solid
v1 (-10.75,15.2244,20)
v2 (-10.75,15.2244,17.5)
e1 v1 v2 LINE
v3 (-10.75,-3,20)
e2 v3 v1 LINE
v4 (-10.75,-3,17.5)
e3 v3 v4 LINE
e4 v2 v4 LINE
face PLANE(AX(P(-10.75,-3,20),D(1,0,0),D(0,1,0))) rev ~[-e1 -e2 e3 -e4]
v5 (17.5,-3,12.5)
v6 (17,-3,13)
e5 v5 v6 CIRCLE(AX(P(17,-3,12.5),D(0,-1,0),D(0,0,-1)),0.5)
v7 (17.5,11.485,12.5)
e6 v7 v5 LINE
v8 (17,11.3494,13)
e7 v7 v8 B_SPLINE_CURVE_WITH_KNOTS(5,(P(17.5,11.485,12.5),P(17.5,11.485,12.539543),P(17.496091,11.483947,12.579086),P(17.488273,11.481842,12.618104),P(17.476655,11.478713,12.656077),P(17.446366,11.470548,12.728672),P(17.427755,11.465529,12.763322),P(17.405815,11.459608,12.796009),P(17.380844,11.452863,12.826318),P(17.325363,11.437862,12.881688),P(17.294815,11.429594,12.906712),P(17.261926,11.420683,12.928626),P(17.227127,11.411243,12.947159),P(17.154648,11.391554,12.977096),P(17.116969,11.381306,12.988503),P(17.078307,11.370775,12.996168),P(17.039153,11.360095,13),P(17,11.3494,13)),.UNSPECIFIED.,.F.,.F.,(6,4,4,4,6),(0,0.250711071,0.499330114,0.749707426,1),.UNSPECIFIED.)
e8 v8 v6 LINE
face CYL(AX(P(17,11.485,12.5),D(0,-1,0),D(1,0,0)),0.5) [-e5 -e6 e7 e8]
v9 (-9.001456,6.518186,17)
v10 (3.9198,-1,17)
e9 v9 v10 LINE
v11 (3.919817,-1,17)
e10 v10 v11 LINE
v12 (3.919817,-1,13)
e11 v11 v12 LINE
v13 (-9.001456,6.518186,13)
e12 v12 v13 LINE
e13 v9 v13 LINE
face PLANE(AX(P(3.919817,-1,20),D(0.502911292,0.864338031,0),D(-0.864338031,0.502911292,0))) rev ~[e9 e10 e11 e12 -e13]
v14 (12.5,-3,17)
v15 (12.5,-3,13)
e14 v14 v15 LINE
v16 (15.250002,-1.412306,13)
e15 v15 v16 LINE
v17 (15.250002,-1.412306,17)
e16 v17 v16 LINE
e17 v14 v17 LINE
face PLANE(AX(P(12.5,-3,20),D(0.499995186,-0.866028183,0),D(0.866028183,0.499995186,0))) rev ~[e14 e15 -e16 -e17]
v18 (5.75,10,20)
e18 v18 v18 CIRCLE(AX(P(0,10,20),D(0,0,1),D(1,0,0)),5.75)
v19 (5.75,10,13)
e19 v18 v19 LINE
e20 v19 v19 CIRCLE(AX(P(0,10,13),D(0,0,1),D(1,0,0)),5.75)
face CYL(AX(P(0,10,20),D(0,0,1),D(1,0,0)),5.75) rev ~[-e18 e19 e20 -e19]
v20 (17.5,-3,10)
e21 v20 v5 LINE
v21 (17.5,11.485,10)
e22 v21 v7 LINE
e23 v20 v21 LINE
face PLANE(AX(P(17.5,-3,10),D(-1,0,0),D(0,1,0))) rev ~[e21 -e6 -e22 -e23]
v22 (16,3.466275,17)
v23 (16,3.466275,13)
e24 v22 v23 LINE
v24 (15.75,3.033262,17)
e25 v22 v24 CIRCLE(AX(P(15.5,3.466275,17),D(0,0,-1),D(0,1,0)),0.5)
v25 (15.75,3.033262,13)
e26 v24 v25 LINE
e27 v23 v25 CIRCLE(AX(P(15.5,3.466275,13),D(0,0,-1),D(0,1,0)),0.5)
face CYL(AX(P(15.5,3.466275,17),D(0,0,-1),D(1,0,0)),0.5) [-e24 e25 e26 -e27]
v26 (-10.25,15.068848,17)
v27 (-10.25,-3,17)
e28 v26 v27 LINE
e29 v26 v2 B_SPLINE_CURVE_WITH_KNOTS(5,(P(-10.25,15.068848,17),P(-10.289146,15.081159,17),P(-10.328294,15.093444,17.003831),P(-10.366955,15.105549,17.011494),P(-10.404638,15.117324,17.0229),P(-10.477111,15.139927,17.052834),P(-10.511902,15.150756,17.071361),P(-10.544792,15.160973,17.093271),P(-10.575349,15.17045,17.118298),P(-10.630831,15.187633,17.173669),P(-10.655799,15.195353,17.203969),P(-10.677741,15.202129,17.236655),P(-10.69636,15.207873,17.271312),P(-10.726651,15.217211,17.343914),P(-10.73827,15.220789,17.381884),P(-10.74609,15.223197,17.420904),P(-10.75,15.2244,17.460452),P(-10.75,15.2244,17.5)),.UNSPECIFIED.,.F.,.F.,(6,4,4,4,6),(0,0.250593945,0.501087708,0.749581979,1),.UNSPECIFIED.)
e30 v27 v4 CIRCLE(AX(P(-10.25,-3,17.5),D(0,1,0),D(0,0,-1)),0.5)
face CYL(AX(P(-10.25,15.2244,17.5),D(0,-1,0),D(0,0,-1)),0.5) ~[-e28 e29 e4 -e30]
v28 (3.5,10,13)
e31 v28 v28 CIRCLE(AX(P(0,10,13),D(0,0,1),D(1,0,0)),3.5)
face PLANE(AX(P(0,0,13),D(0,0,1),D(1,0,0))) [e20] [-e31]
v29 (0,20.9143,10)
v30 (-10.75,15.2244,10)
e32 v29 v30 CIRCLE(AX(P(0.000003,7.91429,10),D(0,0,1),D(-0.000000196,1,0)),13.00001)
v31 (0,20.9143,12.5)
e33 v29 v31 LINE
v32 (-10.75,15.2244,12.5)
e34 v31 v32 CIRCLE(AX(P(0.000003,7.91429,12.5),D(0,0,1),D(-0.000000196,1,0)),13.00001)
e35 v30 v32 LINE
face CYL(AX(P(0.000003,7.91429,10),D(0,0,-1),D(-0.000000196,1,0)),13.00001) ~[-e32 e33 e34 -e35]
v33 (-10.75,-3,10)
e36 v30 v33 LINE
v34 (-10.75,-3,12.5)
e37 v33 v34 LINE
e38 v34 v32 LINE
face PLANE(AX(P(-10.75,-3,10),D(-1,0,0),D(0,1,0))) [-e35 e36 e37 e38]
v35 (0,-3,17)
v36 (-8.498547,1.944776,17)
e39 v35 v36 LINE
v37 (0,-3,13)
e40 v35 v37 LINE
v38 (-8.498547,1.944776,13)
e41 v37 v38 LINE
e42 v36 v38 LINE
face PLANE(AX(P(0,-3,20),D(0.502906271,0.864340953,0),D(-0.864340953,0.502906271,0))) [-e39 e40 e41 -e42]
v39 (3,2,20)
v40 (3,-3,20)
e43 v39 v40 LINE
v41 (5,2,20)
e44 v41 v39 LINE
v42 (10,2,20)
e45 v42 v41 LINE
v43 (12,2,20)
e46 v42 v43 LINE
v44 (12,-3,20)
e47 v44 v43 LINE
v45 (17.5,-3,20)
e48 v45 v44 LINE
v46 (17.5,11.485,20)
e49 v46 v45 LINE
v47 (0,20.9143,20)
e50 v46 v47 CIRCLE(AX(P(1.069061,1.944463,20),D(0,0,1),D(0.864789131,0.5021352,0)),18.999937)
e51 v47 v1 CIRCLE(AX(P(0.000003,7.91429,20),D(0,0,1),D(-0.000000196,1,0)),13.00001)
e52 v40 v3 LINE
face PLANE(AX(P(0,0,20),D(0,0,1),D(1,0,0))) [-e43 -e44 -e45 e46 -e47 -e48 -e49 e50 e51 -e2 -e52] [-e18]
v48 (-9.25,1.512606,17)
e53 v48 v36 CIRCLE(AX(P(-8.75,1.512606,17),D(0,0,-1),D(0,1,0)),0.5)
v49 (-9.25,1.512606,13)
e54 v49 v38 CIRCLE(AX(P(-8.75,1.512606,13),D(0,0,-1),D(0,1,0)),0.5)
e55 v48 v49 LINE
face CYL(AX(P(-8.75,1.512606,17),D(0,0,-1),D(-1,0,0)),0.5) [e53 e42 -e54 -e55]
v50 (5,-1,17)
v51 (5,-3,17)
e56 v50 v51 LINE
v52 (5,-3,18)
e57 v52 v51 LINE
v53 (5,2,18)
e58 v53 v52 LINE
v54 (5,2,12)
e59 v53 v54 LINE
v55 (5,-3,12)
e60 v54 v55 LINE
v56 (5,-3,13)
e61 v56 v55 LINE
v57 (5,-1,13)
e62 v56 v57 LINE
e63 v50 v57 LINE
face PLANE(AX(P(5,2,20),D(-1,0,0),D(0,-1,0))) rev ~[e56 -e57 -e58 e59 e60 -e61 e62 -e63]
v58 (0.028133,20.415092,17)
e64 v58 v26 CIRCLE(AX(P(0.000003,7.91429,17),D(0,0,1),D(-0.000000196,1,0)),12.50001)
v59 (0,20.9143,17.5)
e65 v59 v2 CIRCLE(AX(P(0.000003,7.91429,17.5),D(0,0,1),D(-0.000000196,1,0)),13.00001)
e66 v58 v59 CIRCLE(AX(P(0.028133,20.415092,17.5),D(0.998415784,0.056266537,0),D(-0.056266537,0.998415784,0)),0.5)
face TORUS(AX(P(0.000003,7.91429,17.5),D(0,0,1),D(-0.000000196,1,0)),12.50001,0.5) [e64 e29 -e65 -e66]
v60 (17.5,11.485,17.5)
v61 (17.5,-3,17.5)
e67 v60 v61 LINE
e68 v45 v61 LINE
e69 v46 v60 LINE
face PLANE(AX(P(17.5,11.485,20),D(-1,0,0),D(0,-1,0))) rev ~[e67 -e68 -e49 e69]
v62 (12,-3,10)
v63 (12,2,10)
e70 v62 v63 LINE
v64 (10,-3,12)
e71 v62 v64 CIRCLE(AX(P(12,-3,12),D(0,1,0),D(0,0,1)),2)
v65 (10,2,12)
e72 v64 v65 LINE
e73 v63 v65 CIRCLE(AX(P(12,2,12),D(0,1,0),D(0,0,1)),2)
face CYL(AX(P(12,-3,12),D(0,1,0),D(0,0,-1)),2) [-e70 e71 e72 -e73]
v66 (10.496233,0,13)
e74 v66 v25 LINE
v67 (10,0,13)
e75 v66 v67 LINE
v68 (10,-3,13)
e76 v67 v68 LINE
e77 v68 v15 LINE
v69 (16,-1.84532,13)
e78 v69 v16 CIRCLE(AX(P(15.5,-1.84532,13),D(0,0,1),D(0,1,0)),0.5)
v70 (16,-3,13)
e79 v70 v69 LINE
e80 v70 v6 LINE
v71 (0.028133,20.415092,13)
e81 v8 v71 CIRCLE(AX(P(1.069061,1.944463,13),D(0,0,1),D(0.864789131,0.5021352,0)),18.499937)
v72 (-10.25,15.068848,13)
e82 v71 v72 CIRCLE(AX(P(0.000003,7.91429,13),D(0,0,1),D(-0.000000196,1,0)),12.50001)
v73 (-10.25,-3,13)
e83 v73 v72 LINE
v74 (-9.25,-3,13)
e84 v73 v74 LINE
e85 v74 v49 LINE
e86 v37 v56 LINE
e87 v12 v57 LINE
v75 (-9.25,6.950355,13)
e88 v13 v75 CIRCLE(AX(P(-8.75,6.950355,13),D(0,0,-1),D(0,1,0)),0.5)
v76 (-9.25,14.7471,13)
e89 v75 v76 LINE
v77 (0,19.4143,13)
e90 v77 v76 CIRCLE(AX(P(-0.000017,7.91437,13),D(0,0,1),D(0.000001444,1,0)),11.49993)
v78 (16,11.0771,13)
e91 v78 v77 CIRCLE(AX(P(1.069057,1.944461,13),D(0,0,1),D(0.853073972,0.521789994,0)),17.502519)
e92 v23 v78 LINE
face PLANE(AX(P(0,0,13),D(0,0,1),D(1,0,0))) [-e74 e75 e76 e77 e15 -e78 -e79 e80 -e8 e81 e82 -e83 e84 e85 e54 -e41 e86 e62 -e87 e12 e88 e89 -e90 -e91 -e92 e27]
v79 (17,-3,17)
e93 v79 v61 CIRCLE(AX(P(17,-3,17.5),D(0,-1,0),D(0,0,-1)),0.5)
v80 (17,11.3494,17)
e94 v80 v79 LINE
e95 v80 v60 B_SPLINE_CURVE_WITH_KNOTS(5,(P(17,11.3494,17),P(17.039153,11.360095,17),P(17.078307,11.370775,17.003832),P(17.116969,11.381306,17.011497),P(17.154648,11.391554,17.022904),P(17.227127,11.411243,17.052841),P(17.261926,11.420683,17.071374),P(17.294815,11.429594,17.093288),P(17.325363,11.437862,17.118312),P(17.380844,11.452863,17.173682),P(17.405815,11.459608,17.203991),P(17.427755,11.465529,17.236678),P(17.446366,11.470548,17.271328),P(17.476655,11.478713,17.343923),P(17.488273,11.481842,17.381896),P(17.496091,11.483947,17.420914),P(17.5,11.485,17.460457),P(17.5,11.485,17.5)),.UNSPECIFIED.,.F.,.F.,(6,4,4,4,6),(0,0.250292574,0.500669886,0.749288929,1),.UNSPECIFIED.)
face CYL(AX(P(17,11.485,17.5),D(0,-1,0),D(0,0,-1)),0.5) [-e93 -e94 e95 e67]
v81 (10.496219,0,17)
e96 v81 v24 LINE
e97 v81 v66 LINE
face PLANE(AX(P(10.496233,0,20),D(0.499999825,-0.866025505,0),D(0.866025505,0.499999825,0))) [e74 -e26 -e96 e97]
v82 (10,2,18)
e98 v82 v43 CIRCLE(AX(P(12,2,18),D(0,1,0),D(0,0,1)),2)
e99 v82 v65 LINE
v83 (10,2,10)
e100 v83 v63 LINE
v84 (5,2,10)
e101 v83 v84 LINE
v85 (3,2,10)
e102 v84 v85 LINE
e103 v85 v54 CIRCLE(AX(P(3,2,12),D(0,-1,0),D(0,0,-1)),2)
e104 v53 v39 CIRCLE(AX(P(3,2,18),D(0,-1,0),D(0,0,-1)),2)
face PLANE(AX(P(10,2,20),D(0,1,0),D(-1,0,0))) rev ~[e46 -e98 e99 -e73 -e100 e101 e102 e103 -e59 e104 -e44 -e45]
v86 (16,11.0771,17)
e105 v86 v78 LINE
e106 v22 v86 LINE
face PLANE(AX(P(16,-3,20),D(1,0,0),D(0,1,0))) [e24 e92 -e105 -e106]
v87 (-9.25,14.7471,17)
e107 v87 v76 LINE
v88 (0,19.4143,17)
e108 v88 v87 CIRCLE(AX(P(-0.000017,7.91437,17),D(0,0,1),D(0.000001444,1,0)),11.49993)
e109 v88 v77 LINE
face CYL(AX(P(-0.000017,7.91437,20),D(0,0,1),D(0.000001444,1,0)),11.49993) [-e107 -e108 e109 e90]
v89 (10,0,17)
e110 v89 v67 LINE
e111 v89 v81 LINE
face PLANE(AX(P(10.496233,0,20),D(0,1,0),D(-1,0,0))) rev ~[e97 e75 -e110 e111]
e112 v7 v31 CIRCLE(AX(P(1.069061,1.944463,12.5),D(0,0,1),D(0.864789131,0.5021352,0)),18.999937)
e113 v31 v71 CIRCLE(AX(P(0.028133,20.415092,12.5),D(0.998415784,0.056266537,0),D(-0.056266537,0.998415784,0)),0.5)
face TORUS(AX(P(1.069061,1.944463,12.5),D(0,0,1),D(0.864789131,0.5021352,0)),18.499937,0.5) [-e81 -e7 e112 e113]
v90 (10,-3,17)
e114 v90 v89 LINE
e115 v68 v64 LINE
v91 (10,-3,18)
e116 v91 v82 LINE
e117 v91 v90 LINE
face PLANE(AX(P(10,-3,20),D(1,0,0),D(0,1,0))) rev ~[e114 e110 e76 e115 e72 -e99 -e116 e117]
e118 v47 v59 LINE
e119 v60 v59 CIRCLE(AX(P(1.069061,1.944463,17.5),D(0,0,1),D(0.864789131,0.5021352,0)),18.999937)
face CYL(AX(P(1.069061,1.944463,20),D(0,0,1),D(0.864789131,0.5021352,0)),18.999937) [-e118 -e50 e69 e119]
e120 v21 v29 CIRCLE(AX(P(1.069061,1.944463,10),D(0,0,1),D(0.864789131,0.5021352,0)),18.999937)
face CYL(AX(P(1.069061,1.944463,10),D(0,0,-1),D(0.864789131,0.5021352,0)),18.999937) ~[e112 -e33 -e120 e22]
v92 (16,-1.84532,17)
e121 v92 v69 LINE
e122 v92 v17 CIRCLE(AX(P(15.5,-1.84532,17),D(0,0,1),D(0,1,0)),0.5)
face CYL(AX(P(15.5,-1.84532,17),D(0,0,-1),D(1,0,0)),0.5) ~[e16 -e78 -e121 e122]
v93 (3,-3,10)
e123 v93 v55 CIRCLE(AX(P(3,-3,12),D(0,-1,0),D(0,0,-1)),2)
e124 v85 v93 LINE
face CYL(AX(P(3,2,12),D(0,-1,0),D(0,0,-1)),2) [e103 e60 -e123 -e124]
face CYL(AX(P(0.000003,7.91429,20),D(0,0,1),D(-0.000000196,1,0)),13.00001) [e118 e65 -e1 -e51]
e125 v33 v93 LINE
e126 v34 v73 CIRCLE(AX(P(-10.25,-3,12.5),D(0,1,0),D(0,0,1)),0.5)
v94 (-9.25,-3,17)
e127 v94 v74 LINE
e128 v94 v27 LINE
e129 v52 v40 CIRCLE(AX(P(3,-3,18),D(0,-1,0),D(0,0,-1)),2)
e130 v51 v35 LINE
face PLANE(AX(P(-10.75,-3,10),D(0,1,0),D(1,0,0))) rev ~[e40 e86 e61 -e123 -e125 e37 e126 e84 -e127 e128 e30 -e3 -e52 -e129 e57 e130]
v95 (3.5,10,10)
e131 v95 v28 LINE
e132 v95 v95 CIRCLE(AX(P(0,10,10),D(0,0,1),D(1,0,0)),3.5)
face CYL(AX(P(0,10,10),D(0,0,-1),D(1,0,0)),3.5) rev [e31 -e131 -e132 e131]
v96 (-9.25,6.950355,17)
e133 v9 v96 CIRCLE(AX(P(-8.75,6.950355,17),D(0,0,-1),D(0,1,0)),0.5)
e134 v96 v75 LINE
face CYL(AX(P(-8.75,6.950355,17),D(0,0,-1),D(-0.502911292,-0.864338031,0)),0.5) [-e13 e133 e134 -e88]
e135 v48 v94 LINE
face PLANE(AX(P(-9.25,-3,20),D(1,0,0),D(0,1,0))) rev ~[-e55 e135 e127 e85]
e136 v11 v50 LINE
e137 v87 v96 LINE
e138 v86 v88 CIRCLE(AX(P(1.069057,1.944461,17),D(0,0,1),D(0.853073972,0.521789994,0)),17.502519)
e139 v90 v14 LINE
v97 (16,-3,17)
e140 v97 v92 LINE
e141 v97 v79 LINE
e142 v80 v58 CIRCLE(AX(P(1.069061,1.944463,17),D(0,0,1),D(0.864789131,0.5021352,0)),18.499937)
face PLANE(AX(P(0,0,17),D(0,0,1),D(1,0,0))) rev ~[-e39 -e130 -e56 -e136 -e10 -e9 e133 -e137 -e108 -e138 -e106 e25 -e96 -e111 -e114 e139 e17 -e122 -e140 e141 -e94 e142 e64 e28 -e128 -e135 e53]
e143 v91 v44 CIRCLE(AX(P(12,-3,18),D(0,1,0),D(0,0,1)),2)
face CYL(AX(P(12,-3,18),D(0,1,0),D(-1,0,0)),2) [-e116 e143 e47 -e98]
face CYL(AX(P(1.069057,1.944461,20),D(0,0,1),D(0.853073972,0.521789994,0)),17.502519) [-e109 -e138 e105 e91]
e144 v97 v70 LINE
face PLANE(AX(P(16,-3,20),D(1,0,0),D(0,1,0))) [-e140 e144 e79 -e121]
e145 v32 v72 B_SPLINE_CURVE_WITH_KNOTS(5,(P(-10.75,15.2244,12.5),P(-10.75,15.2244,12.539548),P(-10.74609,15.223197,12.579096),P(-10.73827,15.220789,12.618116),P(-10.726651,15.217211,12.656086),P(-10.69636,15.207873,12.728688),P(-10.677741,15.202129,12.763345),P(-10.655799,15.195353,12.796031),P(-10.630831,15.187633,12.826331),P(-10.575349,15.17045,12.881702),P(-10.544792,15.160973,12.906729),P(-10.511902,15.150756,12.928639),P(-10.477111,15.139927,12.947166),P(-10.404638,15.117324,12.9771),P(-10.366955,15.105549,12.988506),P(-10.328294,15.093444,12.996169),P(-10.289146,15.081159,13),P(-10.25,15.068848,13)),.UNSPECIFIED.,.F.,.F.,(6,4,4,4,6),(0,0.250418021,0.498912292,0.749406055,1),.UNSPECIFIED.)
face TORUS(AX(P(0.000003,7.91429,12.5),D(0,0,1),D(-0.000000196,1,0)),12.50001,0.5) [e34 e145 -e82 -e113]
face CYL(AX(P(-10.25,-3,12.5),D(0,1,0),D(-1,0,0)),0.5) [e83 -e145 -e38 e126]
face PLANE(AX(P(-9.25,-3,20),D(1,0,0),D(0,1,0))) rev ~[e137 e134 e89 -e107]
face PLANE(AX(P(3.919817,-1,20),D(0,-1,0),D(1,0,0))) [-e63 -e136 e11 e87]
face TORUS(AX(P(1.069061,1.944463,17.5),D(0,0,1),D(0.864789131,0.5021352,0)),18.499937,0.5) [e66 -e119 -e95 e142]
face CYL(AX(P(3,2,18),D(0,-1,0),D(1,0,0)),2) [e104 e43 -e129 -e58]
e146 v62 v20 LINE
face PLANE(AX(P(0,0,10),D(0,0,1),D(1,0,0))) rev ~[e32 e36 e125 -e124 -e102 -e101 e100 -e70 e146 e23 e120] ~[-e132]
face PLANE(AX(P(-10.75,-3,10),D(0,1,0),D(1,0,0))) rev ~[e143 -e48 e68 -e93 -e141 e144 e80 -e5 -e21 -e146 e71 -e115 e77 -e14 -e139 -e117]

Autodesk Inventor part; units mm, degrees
ref_plane "YZ Plane" through (0, 0, 0) normal (1, 0, 0) x (0, 1, 0)
ref_plane "XZ Plane" through (0, 0, 0) normal (0, 1, 0) x (-1, 0, 0)
ref_plane "XY Plane" through (0, 0, 0) normal (0, 0, 1) x (1, 0, 0)
ref_plane "作業平面12" through (0, 0, 10) normal (0, 0, 1) x (1, 0, 0)
sketch "スケッチ48" plane through (0, 0, 10) normal (0, 0, 1) x (1, 0, 0)
  line L0 (-10.75, -3) -> (-10.75, 15.2244) projected
  line L1 (-10.75, -3) -> (17.5, -3)
  line L2 (17.5, -3) -> (17.5, 11.485)
  line L3 (-10.75, 11.485) -> (-10.75, -3)
  arc A0 (17.5, 11.485) -> (0, 20.9143) centre (1.069, 1.9444) ccw projected
  arc A1 (0, 20.9143) -> (-10.75, 15.2244) centre (0, 7.9143) ccw
  arc A2 (17.5, 11.485) -> (0, 20.9143) centre (1.069, 1.9444) ccw
  line L4 (-10.75, 15.2244) -> (-10.75, 11.485)
  circle A3 centre (0, 10) radius 3.5 projected
  circle A4 centre (0, 10) radius 3.5
  circle A5 centre (0, 10) radius 5.75
  point P0 (0, 0)
extrude "押し出し40" add sketch "スケッチ48" along normal blind 10 contours L0 A1 A0 L2 L1 | A5
sketch "スケッチ50" plane through (0, 0, 20) normal (0, 0, 1) x (1, 0, 0)
  line L0 (-10.75, -3) -> (17.5, -3) projected
  line L1 (5, -3) -> (10, -3)
  line L2 (10, -3) -> (10, 2)
  line L3 (10, 2) -> (5, 2)
  line L4 (5, 2) -> (5, -3)
  line L5 (-10.75, 15.2244) -> (-10.75, -3) projected
  point P0 (0, 0)
  dimension "d179" = 15.75
  dimension "d180" = 5
  dimension "d181" = 5
extrude "押し出し41" cut sketch "スケッチ50" against normal blind 10
sketch "スケッチ51" plane through (0, 0, 20) normal (0, 0, 1) x (1, 0, 0)
  circle A0 centre (0, 10) radius 5.75
  circle A1 centre (0, 10) radius 3.5 projected
  point P0 (0, 0)
  dimension "d184" = 11.5
extrude "押し出し42" cut sketch "スケッチ51" against normal blind 7
sketch "スケッチ52" plane through (0, 0, 20) normal (0, 0, 1) x (1, 0, 0)
  line L0 (10, -3) -> (17.5, -3) projected
  line L1 (17.5, -3) -> (16, -3)
  line L2 (16, -3) -> (16, 11.0771)
  line L3 (16, 11.0771) -> (17.5, 11.0771)
  line L4 (17.5, 11.0771) -> (17.5, -3)
  line L5 (-10.75, -3) -> (5, -3) projected
  line L6 (-10.75, -3) -> (-9.25, -3)
  line L7 (-9.25, -3) -> (-9.25, 14.7471)
  line L8 (-9.25, 14.7471) -> (-10.75, 14.7471)
  line L9 (-10.75, 14.7471) -> (-10.75, -3)
  arc A0 (0, 20.9143) -> (-10.75, 15.2244) centre (0, 7.9143) ccw projected
  line L10 (0, 20.9143) -> (0, 19.4143)
  arc A1 (0, 19.4143) -> (-9.25, 14.7471) centre (0, 7.9143) ccw
  arc A2 (16, 11.0771) -> (0, 19.4143) centre (1.069, 1.9444) ccw
  arc A3 (17.5, 11.485) -> (0, 20.9143) centre (1.069, 1.9444) ccw projected
  line L11 (-10.75, 15.2244) -> (-10.75, 14.7471)
  line L12 (-10.75, 15.2244) -> (-10.75, -3) projected
  line L13 (17.5, -3) -> (17.5, 11.485) projected
  line L14 (17.5, 11.0771) -> (17.5, 11.485)
  point P0 (0, 0)
  dimension "d187" = 1.5
  dimension "d188" = 1.5
  dimension "d189" = 1.5
extrude "押し出し43" cut sketch "スケッチ52" against normal blind 7
sketch "スケッチ53" plane through (0, 0, 20) normal (0, 0, 1) x (1, 0, 0)
  line L0 (10, -3) -> (12.5, -3)
  line L1 (12.5, -3) -> (12.5, 0)
  line L2 (12.5, 0) -> (10, 0)
  line L3 (10, 0) -> (10, -3)
  line L4 (-10.75, -3) -> (5, -3) projected
  line L5 (5, -3) -> (0, -3)
  line L6 (0, -3) -> (0, -1)
  line L7 (0, -1) -> (5, -1)
  line L8 (5, -1) -> (5, -3)
  line L9 (12.5, -3) -> (16, -0.9793)
  line L10 (16, -3) -> (16, 11.0771) projected
  line L11 (10, 2) -> (10, -3) projected
  line L12 (10, -0.2865) -> (16, 3.1776)
  line L13 (10, -3) -> (16, -3) projected
  line L14 (0, -3) -> (-9.25, 2.382)
  line L15 (-9.25, 14.7471) -> (-9.25, -3) projected
  line L16 (5, -3) -> (5, 2) projected
  line L17 (5, -1.6285) -> (-9.25, 6.6628)
  point P0 (0, 0)
  dimension "d192" = 2.5
  dimension "d193" = 3
  dimension "d194" = 2
  dimension "d195" = 5
  dimension "d197" = 3.6
  dimension "d198" = 30
  dimension "d199" = 3.7
extrude "押し出し44" cut sketch "スケッチ53" against normal blind 7 contours L3 L12 L2 L1 L0 | L1 L2 L12 L10 L9 | L3 L2 L12 | L6 L7 L17 L8 L4 | L14 L15 L17 L7 L6 | L17 L7 L8
sketch "スケッチ54" plane through (0, 0, 20) normal (0, 0, 1) x (1, 0, 0)
  line L0 (-10.75, -3) -> (-10.75, 15.2244) projected
  line L1 (-10.75, -3) -> (-10.75, 15.2244)
  arc A0 (0, 19.4143) -> (-9.25, 14.7471) centre (0, 7.9143) ccw projected
  line L2 (-10.75, 15.2244) -> (-9.25, 14.7471)
  line L3 (-9.25, 14.7471) -> (-9.25, 6.6628) projected
  line L4 (-9.25, 14.7471) -> (-9.25, 6.6628)
  line L5 (-9.25, 6.6628) -> (3.9198, -1) projected
  line L6 (-9.25, 6.6628) -> (3.9198, -1)
  line L7 (3.9198, -1) -> (5, -1)
  line L8 (5, 2) -> (5, -3) projected
  line L9 (5, -3) -> (5, -1)
  line L10 (5, -3) -> (0, -3) projected
  line L11 (5, -3) -> (0, -3)
  line L12 (0, -3) -> (-9.25, 2.382)
  line L13 (-9.25, 2.382) -> (-9.25, -3) projected
  line L14 (-9.25, 2.382) -> (-9.25, -3)
  line L15 (-9.25, -3) -> (-10.75, -3)
  line L16 (10, -3) -> (17.5, -3) projected
  line L17 (17.5, 11.485) -> (17.5, -3) projected
  line L18 (17.5, -3) -> (17.5, 11.485)
  arc A1 (16, 11.0771) -> (0, 19.4143) centre (1.069, 1.9444) ccw projected
  line L19 (17.5, 11.485) -> (16, 11.0771)
  line L20 (16, 3.1776) -> (16, 11.0771) projected
  line L21 (16, 11.0771) -> (16, 3.1776)
  line L22 (10.4962, 0) -> (16, 3.1776) projected
  line L23 (16, 3.1776) -> (10.4962, 0)
  line L24 (10, 0) -> (10.4962, 0) projected
  line L25 (10.4962, 0) -> (10, 0)
  line L26 (10, -3) -> (10, 0) projected
  line L27 (10, 0) -> (10, -3)
  line L28 (12.5, -3) -> (10, -3) projected
  line L29 (10, -3) -> (12.5, -3)
  line L30 (16, -3) -> (16, -0.9793) projected
  line L31 (12.5, -3) -> (16, -0.9793)
  line L32 (16, -0.9793) -> (16, -3)
  line L33 (16, -3) -> (17.5, -3)
  arc A2 (0, 20.9143) -> (-10.75, 15.2244) centre (0, 7.9143) ccw projected
  arc A3 (17.5, 11.485) -> (0, 20.9143) centre (1.069, 1.9444) ccw
  arc A4 (-10.75, 0.6042) -> (-10.3133, 0) centre (0, 7.9143) ccw
  arc A5 (-9.4623, -1) -> (-9.25, -1.2201) centre (0, 7.9143) ccw
  arc A6 (10, -0.3923) -> (10.3133, 0) centre (0, 7.9143) ccw
  arc A7 (0, 19.4143) -> (-9.25, 14.7471) centre (0, 7.9143) ccw
  arc A8 (16, 11.0771) -> (0, 19.4143) centre (1.069, 1.9444) ccw
  point P0 (0, 0)
extrude "押し出し45" add sketch "スケッチ54" against normal blind 3 contours L0 L2 L3 L5 L7 L8 L10 L12 L13 L15 | A2 A3 L19 A1 A0 L2 | L17 L16 L30 L31 L26 A6 L24 L22 L20 L19 | A6 L26 L24
fillet "フィレット26" radius 2 4 edges at (5, -0.5, 20) (10, -0.5, 20) (5, -0.5, 10) (10, -0.5, 10)
fillet "フィレット27" radius 0.5 12 edges at (-10.75, 6.1122, 17) (-10.75, 6.1122, 13) (-9.25, 6.6628, 15) (-9.25, 2.382, 15) (17.5, 4.2425, 13) (17.5, 4.2425, 17) (16, 3.1776, 15) (16, -0.9793, 15) (10.0815, 18.6709, 13) (10.0815, 18.6709, 17) (-6.0815, 19.4041, 17) (-6.0815, 19.4041, 13)
properties part number "Gankenkunアンテナパーツ" material "ABS プラスチック"
